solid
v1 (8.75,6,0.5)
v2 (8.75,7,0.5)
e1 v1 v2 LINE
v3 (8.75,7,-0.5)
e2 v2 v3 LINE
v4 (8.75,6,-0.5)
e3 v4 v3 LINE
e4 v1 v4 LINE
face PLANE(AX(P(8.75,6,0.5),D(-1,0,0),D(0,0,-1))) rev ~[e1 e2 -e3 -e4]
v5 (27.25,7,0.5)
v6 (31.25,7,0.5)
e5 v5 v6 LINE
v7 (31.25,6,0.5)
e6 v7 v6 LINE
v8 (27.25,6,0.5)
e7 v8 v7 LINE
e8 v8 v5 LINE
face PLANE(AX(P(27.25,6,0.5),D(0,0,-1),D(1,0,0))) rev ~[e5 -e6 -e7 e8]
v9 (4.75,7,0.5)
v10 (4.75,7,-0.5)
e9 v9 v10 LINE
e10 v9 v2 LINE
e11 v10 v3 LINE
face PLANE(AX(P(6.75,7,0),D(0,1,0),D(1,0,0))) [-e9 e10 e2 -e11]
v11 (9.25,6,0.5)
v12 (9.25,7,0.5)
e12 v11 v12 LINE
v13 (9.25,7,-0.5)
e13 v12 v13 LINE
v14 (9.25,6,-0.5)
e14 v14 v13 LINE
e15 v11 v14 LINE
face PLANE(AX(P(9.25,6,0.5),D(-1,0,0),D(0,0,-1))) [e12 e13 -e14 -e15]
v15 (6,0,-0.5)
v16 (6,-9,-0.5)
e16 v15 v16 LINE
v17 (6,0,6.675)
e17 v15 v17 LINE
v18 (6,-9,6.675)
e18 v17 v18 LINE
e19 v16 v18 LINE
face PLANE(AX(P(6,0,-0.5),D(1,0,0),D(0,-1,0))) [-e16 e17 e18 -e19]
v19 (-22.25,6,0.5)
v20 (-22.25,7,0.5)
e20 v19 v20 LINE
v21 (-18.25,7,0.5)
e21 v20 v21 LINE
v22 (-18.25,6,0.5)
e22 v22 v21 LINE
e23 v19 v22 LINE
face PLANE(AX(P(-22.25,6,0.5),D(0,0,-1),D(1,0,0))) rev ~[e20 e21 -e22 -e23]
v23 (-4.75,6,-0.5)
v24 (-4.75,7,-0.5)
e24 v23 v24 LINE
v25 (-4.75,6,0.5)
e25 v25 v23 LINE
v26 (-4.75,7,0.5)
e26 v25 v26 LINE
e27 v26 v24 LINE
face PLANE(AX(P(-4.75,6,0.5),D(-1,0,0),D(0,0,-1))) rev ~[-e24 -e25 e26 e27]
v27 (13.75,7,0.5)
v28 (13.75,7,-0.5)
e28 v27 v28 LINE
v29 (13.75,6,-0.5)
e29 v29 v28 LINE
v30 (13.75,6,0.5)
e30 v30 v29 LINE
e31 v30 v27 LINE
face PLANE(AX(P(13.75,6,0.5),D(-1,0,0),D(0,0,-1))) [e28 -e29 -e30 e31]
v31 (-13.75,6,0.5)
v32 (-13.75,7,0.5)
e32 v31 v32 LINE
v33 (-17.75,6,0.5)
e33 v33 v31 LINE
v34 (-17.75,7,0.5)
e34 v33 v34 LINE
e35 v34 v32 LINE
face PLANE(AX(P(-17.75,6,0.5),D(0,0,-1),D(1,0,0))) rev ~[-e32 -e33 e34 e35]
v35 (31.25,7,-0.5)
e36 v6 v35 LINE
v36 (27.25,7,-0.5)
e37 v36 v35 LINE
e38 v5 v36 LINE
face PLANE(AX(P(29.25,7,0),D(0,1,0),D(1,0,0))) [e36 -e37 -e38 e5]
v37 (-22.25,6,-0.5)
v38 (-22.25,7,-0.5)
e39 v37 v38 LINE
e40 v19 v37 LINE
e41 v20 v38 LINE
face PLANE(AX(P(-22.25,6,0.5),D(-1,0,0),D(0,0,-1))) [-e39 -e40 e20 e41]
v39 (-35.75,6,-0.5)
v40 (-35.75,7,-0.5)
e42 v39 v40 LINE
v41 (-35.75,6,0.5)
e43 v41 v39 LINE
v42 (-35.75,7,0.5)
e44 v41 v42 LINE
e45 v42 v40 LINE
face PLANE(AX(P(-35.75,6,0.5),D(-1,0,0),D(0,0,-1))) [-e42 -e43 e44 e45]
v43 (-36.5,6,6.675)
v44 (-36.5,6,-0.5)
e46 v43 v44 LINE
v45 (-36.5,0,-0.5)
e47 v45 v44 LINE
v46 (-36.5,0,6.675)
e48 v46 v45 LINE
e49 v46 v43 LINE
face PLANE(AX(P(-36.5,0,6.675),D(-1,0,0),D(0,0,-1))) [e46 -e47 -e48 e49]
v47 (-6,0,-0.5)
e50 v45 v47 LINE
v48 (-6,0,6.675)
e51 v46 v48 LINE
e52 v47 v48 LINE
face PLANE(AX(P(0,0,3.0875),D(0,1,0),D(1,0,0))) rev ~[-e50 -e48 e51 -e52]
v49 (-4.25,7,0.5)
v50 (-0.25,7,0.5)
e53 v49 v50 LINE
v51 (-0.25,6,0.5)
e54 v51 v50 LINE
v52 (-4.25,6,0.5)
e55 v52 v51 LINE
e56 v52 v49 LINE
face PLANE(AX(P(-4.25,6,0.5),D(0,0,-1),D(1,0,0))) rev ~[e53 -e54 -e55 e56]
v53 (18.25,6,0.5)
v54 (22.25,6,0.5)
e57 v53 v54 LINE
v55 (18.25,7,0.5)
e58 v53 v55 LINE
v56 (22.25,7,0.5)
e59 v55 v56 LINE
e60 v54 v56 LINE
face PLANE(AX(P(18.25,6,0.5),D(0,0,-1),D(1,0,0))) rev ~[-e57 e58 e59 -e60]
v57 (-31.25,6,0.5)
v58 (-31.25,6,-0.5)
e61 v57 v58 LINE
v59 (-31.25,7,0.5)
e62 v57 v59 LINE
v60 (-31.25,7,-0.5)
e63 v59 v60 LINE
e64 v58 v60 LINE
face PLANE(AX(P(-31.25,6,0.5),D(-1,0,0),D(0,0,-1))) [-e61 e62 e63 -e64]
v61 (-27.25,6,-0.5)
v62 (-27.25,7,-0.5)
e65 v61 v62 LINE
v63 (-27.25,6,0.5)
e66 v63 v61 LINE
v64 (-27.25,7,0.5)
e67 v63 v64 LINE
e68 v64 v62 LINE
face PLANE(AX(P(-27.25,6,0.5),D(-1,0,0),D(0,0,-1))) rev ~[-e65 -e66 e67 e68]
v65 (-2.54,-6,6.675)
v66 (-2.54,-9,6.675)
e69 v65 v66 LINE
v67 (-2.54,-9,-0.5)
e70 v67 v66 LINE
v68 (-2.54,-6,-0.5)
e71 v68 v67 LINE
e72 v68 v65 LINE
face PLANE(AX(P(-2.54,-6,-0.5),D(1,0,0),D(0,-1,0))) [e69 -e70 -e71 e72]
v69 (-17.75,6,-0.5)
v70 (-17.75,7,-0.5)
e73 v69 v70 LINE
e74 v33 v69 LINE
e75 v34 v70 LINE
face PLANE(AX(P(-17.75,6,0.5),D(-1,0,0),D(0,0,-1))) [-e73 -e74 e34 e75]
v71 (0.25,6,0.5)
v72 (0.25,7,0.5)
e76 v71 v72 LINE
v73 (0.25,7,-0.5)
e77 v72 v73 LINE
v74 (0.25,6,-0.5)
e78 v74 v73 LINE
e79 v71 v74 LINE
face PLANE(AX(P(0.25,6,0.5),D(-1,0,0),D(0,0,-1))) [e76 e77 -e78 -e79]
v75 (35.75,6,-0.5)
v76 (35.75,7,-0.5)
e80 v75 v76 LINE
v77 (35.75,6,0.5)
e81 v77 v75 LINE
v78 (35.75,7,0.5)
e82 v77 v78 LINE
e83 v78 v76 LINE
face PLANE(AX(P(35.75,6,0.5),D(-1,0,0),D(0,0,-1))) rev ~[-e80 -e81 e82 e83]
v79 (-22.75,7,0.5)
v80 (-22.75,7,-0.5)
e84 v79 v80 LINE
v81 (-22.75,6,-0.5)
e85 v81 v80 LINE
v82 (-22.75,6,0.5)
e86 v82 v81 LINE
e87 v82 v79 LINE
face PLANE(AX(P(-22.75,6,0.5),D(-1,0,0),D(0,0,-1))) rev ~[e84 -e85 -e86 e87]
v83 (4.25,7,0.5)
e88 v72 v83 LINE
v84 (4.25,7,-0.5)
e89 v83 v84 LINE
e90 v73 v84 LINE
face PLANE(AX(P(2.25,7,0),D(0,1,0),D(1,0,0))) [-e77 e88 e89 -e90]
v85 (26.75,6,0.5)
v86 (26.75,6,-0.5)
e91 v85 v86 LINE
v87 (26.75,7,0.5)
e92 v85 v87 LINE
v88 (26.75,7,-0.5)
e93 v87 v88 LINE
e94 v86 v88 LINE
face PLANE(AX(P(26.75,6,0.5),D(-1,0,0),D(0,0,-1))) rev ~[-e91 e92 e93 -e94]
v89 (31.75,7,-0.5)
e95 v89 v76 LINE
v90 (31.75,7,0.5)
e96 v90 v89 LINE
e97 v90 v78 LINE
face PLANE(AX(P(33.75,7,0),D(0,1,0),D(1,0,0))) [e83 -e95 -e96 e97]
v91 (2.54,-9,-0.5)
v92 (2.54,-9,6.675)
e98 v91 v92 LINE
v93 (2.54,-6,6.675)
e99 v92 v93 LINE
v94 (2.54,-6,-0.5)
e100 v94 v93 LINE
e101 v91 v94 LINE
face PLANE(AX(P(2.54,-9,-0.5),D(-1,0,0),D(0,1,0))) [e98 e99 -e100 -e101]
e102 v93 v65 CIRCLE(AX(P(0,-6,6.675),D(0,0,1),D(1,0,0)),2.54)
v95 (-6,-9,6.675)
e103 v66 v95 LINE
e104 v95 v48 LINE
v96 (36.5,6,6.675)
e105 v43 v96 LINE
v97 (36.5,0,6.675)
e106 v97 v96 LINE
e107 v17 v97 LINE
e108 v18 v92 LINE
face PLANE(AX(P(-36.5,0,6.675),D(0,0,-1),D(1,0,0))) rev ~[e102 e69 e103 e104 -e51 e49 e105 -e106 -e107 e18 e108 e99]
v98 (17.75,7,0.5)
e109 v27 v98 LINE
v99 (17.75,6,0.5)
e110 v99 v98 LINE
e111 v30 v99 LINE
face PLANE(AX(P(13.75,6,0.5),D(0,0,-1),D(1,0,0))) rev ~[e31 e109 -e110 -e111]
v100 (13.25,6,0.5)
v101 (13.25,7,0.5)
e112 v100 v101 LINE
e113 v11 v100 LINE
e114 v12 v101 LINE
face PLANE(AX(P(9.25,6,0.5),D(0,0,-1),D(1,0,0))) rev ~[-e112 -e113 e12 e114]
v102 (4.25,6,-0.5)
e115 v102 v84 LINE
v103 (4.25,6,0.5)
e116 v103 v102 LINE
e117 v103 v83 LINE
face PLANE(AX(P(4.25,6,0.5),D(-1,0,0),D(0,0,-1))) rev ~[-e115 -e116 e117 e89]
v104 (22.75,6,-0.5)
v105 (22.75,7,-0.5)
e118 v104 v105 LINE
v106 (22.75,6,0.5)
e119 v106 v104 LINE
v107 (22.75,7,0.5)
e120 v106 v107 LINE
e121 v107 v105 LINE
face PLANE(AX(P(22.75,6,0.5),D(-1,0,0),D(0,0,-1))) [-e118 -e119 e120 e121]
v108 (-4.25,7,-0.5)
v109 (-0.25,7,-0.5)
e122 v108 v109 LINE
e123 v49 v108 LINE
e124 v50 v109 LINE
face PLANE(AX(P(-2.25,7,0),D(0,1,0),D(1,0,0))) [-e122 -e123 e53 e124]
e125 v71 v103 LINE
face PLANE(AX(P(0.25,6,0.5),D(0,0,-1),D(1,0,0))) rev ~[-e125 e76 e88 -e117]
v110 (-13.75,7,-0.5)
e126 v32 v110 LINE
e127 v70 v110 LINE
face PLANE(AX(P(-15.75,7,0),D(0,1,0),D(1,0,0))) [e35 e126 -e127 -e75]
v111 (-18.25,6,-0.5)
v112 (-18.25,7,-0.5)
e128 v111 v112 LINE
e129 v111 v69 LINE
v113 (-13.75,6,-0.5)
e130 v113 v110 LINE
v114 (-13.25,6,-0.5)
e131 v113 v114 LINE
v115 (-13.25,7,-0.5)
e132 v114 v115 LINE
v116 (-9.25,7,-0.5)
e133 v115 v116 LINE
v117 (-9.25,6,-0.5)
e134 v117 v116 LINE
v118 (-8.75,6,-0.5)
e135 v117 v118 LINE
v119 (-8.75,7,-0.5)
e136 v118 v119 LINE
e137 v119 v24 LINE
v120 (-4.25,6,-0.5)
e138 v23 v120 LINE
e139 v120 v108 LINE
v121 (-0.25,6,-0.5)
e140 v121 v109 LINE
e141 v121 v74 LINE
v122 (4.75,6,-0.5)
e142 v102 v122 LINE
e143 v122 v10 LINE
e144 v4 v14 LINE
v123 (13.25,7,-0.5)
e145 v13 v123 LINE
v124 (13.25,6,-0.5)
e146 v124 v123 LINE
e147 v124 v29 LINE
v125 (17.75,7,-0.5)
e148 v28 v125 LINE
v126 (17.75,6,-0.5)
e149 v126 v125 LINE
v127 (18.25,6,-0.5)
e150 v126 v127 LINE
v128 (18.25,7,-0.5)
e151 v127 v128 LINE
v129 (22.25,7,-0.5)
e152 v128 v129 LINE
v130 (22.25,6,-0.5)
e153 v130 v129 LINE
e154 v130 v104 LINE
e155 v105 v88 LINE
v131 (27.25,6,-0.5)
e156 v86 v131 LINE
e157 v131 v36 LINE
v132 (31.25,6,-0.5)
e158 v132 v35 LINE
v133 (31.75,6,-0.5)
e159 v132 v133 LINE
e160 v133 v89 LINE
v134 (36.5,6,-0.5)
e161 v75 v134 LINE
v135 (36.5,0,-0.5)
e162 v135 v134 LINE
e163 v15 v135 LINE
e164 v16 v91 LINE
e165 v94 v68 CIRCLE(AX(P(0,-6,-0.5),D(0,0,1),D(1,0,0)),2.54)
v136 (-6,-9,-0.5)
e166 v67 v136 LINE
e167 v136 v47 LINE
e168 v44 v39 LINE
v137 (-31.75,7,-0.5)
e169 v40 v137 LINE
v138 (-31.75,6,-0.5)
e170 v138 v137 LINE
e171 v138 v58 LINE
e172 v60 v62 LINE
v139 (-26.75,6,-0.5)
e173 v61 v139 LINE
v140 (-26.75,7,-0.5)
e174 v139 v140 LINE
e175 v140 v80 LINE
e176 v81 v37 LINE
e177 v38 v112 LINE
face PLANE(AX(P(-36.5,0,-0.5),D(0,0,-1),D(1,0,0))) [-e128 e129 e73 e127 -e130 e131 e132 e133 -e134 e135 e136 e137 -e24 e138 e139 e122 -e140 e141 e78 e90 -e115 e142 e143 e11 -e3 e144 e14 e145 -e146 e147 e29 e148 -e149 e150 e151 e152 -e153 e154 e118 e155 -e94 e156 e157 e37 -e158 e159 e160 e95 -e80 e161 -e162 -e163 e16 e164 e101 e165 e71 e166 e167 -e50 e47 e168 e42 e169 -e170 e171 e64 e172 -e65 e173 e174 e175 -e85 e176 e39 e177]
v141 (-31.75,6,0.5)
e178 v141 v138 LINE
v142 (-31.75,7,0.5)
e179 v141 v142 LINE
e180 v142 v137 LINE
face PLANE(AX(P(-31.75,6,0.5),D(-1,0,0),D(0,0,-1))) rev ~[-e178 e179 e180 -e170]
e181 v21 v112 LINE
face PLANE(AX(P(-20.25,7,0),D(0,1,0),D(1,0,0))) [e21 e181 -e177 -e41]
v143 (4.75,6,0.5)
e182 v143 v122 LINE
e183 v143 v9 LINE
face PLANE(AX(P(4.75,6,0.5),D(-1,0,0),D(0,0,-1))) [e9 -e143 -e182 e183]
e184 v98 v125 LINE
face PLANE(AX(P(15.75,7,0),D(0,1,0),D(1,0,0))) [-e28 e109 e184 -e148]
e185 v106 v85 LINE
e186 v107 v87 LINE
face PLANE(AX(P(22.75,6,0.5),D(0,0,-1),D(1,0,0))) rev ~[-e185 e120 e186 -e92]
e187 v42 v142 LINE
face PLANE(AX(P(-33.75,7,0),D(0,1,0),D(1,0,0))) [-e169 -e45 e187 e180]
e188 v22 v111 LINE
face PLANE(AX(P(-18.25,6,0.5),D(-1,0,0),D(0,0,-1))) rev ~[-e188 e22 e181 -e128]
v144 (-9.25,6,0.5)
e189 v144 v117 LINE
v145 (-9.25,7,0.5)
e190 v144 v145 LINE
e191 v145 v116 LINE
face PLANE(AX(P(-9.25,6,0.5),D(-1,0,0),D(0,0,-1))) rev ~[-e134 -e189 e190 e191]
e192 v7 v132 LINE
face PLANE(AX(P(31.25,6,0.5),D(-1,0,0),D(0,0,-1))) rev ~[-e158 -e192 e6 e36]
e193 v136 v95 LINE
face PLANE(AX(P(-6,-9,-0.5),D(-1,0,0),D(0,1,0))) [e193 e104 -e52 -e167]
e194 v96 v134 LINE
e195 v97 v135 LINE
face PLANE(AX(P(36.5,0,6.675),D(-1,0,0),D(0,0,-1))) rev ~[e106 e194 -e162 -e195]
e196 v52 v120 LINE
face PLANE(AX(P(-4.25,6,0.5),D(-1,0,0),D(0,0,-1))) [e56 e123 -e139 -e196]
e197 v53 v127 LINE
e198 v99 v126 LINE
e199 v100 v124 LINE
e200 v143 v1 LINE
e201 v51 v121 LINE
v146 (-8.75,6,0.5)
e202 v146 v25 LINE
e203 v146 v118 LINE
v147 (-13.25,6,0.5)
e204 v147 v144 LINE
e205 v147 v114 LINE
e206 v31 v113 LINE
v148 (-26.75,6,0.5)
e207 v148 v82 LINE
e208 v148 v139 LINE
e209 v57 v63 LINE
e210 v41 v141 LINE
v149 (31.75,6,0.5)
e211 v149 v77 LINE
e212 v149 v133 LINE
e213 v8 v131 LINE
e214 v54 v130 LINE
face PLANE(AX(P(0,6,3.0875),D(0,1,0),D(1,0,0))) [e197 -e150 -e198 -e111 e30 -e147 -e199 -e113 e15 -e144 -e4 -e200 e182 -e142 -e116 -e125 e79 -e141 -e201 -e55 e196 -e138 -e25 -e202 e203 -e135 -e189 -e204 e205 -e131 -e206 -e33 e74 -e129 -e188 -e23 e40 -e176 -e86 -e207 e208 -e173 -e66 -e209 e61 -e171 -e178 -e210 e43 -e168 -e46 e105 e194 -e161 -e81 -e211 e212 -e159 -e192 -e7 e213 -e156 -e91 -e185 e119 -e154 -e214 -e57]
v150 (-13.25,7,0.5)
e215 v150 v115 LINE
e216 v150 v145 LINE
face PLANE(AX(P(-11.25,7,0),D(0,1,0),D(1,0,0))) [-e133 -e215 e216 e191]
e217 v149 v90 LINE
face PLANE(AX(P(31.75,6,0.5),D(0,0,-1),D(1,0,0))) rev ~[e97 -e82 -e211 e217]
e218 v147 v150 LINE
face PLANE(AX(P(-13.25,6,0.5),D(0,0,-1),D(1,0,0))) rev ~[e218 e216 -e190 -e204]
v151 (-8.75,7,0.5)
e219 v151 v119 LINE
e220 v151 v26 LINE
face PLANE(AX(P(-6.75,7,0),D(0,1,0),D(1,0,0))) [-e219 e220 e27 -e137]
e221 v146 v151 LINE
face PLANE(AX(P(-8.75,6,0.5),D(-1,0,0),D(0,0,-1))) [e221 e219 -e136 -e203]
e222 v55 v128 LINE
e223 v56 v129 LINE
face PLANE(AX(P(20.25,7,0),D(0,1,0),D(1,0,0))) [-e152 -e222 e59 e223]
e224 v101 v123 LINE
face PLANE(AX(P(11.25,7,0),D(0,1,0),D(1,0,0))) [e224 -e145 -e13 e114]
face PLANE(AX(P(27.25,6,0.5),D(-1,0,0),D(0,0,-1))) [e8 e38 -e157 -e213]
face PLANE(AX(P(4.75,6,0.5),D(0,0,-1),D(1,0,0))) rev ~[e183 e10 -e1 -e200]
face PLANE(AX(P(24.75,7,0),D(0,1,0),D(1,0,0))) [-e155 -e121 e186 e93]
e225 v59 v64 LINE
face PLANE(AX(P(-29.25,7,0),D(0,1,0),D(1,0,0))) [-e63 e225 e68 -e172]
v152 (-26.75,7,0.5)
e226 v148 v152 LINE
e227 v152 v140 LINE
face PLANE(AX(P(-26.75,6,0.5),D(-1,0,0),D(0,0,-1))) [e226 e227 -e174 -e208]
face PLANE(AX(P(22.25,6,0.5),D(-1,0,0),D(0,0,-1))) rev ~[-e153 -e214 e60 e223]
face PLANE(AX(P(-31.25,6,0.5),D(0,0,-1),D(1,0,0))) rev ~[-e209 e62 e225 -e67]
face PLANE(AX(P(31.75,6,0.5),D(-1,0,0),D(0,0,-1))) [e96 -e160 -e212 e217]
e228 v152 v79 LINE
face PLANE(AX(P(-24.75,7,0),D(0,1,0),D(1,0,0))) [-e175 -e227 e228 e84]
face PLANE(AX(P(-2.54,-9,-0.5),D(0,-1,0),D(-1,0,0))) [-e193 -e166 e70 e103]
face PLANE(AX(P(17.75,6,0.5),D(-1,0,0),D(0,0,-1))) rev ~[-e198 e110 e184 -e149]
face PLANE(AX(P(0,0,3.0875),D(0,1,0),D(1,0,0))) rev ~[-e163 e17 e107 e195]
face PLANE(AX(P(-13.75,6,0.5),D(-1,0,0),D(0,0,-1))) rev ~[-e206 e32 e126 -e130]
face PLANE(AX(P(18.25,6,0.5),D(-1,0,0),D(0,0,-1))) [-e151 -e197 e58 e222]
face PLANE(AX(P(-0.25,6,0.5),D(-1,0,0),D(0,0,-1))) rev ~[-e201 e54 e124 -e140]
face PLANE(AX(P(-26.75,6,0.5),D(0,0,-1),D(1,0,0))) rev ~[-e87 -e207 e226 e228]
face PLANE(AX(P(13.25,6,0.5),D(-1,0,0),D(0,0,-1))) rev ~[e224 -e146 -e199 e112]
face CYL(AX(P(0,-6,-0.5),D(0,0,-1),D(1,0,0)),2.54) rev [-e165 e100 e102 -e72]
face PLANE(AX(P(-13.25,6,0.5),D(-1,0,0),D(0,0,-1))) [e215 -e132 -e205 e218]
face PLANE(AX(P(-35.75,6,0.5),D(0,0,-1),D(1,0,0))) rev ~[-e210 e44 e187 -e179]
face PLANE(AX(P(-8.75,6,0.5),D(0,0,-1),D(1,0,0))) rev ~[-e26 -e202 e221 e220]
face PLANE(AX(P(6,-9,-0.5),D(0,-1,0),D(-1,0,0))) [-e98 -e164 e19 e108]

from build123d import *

# Parameters (mm, degrees)
SKETCH1_W           = 73
SKETCH1_H           = 7.175
BOSS_EXTRUDE1_DEPTH = 6
SKETCH15_W          = 4
SKETCH15_H          = 1
BOSS_EXTRUDE6_DEPTH = 1
BOSS_EXTRUDE7_START = -0.5
BOSS_EXTRUDE7_DEPTH = 7.175


with BuildPart() as part:
    # Sketch1 → Boss-Extrude1 (new body)
    with BuildSketch(Plane(origin=(0, 0, 0), x_dir=(1, 0, 0), z_dir=(0, 1, 0))):
        with Locations((0, -3.0875)):
            Rectangle(SKETCH1_W, SKETCH1_H)
    extrude(amount=BOSS_EXTRUDE1_DEPTH)

    # Sketch15 → Boss-Extrude6 (add)
    with BuildSketch(Plane(origin=(0, 6, 0), x_dir=(1, 0, 0), z_dir=(0, 1, 0))):
        with Locations((2.25, 0)):
            Rectangle(SKETCH15_W, SKETCH15_H)
        with Locations((6.75, 0)):
            Rectangle(SKETCH15_W, SKETCH15_H)
        with Locations((11.25, 0)):
            Rectangle(SKETCH15_W, SKETCH15_H)
        with Locations((15.75, 0)):
            Rectangle(SKETCH15_W, SKETCH15_H)
        with Locations((20.25, 0)):
            Rectangle(SKETCH15_W, SKETCH15_H)
        with Locations((24.75, 0)):
            Rectangle(SKETCH15_W, SKETCH15_H)
        with Locations((29.25, 0)):
            Rectangle(SKETCH15_W, SKETCH15_H)
        with Locations((33.75, 0)):
            Rectangle(SKETCH15_W, SKETCH15_H)
        with Locations((-33.75, 0)):
            Rectangle(SKETCH15_W, SKETCH15_H)
        with Locations((-29.25, 0)):
            Rectangle(SKETCH15_W, SKETCH15_H)
        with Locations((-24.75, 0)):
            Rectangle(SKETCH15_W, SKETCH15_H)
        with Locations((-20.25, 0)):
            Rectangle(SKETCH15_W, SKETCH15_H)
        with Locations((-15.75, 0)):
            Rectangle(SKETCH15_W, SKETCH15_H)
        with Locations((-11.25, 0)):
            Rectangle(SKETCH15_W, SKETCH15_H)
        with Locations((-6.75, 0)):
            Rectangle(SKETCH15_W, SKETCH15_H)
        with Locations((-2.25, 0)):
            Rectangle(SKETCH15_W, SKETCH15_H)
    extrude(amount=BOSS_EXTRUDE6_DEPTH)

    # Sketch16 → Boss-Extrude7 (add)
    with BuildSketch(Plane.XY.offset(BOSS_EXTRUDE7_START)):
        with BuildLine():
            Line((-2.54, -6), (-2.54, -9))
            Line((-2.54, -9), (-6, -9))
            Line((-6, -9), (-6, 0))
            Line((-6, 0), (6, 0))
            Line((6, 0), (6, -9))
            Line((6, -9), (2.54, -9))
            Line((2.54, -9), (2.54, -6))
            ThreePointArc((2.54, -6), (0, -3.46), (-2.54, -6))
        make_face()
    extrude(amount=BOSS_EXTRUDE7_DEPTH)


solid = part.part
